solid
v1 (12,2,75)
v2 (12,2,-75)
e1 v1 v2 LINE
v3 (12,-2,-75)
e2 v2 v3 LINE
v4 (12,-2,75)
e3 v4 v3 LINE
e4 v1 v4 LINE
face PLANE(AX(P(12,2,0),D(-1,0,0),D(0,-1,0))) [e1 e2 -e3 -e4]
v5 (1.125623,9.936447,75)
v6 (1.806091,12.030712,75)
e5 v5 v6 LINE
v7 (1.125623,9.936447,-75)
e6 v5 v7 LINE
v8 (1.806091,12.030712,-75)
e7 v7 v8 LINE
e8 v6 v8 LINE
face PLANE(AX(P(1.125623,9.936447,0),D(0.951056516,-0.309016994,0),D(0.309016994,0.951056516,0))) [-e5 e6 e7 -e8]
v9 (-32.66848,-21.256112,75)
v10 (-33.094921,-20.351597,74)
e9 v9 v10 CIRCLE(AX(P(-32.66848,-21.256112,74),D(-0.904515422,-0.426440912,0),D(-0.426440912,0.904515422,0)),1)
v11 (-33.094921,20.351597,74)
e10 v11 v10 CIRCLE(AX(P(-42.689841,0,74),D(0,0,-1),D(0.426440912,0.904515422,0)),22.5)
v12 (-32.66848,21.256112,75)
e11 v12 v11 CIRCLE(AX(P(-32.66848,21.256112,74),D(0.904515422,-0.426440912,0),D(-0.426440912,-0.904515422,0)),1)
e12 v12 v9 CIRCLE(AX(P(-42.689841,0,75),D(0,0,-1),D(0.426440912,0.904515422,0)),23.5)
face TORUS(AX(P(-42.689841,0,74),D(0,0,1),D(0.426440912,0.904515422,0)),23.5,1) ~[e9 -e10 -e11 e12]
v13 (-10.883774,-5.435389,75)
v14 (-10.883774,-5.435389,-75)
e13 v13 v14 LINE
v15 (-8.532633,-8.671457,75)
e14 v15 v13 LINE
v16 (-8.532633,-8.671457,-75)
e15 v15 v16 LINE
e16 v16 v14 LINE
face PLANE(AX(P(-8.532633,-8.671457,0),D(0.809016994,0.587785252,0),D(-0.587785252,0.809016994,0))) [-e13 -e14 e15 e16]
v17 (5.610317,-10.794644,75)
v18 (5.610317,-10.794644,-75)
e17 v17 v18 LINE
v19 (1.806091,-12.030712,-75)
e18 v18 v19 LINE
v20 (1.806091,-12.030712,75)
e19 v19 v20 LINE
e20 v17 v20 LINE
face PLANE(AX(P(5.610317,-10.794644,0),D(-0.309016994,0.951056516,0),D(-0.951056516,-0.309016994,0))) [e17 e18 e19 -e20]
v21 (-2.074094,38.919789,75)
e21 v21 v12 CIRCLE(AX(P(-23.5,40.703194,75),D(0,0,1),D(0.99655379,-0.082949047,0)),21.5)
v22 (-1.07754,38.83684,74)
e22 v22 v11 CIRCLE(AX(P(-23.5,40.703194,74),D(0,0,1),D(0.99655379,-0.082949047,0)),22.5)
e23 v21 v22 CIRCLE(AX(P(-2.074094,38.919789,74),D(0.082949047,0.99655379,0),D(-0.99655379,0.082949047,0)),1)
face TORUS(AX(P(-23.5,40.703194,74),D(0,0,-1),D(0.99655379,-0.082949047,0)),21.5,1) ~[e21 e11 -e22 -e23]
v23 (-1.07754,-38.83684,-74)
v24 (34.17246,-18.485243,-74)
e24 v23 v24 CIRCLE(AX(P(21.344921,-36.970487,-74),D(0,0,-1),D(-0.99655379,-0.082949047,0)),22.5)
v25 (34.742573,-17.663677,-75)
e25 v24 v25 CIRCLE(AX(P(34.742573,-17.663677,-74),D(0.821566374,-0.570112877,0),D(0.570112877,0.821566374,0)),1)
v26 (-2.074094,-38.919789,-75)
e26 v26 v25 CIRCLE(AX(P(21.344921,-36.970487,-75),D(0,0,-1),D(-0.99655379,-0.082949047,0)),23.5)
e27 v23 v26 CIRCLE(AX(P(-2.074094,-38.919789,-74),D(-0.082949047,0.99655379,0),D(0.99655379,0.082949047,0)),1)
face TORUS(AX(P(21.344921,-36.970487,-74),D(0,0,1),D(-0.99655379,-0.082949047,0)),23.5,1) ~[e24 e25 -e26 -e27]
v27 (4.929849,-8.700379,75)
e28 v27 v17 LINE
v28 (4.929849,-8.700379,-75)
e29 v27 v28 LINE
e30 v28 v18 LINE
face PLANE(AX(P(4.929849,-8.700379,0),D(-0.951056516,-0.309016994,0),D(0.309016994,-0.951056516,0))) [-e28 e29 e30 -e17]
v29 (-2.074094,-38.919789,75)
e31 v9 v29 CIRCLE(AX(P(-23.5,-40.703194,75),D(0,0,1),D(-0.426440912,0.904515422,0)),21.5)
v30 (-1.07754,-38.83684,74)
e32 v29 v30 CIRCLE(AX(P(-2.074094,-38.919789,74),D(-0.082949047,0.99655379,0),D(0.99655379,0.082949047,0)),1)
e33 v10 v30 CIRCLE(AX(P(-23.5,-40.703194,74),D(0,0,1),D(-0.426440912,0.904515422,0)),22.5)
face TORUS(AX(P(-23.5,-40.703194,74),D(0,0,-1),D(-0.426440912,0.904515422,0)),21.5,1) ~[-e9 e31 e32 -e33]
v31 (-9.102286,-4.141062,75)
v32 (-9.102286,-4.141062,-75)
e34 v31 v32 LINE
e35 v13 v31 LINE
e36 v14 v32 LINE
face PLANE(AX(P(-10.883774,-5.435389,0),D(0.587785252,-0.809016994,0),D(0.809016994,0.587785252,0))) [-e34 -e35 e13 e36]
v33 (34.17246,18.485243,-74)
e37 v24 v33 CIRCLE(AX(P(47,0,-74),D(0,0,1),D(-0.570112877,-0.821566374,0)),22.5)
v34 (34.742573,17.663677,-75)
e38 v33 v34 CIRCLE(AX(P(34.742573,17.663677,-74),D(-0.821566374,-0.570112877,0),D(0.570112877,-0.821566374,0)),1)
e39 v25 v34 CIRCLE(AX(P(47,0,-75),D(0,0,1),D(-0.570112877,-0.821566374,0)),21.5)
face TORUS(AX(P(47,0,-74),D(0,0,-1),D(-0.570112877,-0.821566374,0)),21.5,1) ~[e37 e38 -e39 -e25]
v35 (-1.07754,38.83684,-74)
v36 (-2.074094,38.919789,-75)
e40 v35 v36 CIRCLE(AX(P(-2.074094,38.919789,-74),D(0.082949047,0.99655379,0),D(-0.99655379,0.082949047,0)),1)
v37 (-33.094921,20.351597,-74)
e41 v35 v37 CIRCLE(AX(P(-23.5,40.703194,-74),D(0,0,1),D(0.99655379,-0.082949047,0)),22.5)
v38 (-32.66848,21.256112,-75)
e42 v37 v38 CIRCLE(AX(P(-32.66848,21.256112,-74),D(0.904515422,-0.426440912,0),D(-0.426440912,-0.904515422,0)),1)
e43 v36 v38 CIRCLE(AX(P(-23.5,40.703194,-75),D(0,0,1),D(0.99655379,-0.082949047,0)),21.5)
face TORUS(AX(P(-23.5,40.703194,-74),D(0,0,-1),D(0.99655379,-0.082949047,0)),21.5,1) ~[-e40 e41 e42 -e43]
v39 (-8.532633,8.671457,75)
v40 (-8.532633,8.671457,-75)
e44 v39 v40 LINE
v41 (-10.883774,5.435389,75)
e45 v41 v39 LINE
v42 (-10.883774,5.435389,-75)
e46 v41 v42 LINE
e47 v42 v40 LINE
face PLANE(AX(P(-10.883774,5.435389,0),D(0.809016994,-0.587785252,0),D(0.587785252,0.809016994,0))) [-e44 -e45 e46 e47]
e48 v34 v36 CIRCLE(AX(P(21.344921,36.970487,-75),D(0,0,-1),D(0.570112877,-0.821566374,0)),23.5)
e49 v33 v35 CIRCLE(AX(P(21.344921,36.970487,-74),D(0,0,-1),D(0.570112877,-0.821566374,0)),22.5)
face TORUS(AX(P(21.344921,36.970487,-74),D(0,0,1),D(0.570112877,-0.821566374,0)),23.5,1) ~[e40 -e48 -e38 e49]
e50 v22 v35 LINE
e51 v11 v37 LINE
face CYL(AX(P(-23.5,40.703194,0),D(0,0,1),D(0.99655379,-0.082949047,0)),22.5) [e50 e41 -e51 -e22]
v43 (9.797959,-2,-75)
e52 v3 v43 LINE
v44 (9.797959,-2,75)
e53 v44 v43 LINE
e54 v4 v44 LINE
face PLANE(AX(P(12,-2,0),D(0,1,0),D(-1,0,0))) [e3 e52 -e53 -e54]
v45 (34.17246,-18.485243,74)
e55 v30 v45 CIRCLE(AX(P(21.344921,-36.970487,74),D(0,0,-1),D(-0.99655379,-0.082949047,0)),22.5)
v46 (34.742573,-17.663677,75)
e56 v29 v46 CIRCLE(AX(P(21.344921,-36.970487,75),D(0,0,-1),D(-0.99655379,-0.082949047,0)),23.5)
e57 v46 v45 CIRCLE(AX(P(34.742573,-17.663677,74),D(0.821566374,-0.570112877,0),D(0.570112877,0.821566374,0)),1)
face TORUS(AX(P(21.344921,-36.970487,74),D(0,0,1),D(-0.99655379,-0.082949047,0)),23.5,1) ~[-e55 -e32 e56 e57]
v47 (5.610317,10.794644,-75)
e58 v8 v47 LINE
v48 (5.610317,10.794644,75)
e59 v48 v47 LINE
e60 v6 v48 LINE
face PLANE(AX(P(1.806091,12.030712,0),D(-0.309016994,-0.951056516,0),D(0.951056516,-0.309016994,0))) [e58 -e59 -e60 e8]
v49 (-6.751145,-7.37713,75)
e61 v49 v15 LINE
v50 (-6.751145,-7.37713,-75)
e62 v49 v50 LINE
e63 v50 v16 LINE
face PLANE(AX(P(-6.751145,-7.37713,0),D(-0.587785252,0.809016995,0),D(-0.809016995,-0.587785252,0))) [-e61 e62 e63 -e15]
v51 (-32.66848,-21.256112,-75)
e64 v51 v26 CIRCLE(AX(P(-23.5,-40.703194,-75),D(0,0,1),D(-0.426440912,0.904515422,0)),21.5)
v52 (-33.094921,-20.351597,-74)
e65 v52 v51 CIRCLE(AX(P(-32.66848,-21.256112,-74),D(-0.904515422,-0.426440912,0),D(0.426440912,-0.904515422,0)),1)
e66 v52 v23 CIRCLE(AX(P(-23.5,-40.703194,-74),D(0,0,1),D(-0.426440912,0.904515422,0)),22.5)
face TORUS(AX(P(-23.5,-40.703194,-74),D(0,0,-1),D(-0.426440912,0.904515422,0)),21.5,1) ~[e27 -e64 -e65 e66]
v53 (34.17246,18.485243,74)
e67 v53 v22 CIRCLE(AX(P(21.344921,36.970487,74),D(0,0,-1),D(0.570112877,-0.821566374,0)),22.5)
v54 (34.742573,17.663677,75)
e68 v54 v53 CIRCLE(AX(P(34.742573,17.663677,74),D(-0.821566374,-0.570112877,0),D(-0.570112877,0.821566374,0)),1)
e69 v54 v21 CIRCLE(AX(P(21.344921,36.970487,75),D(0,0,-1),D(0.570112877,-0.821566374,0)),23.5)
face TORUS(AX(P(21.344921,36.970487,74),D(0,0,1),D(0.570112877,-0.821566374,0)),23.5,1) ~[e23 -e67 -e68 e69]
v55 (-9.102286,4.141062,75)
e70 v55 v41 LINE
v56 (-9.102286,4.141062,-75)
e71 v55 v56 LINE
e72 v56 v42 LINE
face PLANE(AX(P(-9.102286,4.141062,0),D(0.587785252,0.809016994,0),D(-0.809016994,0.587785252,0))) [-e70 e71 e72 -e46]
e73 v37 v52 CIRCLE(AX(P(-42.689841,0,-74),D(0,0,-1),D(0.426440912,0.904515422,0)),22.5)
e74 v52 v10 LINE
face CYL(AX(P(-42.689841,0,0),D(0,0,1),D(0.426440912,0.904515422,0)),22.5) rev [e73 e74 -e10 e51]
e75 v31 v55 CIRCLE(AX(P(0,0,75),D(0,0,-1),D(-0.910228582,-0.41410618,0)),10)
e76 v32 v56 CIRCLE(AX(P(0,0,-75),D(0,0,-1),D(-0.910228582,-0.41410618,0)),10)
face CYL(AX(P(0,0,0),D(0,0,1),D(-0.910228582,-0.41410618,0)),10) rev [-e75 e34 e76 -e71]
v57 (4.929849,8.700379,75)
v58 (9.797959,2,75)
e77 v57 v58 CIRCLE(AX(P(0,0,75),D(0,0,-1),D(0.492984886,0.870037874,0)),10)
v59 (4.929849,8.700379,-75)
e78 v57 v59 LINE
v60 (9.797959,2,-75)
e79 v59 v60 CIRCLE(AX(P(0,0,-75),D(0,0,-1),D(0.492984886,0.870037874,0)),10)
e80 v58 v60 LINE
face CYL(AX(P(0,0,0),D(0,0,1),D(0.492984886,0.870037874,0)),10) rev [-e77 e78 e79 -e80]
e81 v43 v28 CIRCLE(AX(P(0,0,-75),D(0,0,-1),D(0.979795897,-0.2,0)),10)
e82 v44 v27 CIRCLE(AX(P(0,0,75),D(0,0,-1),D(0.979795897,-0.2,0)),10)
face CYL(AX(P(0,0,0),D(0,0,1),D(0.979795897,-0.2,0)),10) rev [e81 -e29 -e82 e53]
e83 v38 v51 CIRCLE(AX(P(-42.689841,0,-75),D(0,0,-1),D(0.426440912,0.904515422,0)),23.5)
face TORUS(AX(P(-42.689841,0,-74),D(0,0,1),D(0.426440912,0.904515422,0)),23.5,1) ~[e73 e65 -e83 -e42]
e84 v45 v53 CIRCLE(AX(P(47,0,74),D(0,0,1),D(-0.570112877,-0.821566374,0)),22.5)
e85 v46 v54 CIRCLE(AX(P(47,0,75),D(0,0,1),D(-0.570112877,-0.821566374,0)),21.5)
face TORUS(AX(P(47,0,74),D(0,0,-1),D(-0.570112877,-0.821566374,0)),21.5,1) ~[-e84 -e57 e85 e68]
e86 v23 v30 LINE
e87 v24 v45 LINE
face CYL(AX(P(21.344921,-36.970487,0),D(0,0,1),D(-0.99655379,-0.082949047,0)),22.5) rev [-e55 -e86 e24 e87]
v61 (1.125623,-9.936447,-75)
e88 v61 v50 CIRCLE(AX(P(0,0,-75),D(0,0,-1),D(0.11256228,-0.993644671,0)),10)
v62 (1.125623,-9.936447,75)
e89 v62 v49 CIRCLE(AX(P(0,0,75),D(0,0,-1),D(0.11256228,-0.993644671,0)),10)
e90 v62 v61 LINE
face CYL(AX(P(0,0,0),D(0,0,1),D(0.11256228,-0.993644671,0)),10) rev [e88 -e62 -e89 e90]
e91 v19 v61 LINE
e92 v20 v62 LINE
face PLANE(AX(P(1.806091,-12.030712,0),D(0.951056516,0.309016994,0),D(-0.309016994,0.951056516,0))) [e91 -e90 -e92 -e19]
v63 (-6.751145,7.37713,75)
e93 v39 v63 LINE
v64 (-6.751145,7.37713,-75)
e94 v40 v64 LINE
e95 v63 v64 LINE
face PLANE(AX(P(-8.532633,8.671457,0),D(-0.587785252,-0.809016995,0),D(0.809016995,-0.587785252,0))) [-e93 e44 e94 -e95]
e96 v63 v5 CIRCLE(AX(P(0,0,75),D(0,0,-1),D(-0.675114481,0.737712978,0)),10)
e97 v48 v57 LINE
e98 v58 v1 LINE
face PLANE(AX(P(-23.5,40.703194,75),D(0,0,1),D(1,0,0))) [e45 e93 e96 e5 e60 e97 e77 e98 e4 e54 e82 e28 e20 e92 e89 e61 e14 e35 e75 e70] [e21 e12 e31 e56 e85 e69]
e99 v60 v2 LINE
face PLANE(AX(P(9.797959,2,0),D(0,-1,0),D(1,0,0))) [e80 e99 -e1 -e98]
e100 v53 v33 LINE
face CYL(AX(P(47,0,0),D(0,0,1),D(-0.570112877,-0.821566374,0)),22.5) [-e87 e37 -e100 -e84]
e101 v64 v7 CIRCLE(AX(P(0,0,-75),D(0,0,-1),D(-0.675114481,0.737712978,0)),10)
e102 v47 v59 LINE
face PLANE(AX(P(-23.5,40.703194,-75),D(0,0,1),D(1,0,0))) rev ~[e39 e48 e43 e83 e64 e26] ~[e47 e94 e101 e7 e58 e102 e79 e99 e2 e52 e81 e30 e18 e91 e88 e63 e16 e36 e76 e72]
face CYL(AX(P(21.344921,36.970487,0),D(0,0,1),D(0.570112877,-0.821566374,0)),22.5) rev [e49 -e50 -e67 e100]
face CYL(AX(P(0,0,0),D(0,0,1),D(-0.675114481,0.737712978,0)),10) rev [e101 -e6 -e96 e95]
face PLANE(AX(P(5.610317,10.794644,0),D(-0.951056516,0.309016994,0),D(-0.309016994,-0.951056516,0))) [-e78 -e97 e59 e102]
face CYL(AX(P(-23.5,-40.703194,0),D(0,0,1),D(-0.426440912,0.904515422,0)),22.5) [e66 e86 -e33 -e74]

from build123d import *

# Parameters (mm, degrees)
SKETCH1_R           = 22.5
BOSS_EXTRUDE1_DEPTH = 75
FILLET1_R           = 1


with BuildPart() as part:
    # Sketch1 → Boss-Extrude1 (new body, symmetric)
    with BuildSketch(Plane.XY):
        with Locations((-23.5, 40.703193978)):
            Circle(SKETCH1_R)
        with Locations((47, 0)):
            Circle(SKETCH1_R)
        with Locations((-23.5, -40.703193978)):
            Circle(SKETCH1_R)
        with BuildLine():
            ThreePointArc((34.172460266, -18.485243422), (24.5, 0), (34.172460266, 18.485243422))
            ThreePointArc((34.172460266, 18.485243422), (10.094920531, 17.484915258), (-1.077539734, 38.836840411))
            ThreePointArc((-1.077539734, 38.836840411), (-12.25, 21.217622393), (-33.094920531, 20.351596989))
            ThreePointArc((-33.094920531, 20.351596989), (-20.189841062, 0), (-33.094920531, -20.351596989))
            ThreePointArc((-33.094920531, -20.351596989), (-12.25, -21.217622393), (-1.077539734, -38.836840411))
            ThreePointArc((-1.077539734, -38.836840411), (10.094920531, -17.484915258), (34.172460266, -18.485243422))
        make_face()
        with BuildLine():
            Line((1.8060909, -12.030712184), (1.1256228, -9.936446715))
            ThreePointArc((1.1256228, -9.936446715), (-3.090169944, -9.510565163), (-6.751144813, -7.377129775))
            Line((-6.751144813, -7.377129775), (-8.532633428, -8.671457016))
            Line((-8.532633428, -8.671457016), (-10.883774437, -5.435389039))
            Line((-10.883774437, -5.435389039), (-9.102285822, -4.141061797))
            ThreePointArc((-9.102285822, -4.141061797), (-10, 0), (-9.102285822, 4.141061797))
            Line((-9.102285822, 4.141061797), (-10.883774437, 5.435389039))
            Line((-10.883774437, 5.435389039), (-8.532633428, 8.671457016))
            Line((-8.532633428, 8.671457016), (-6.751144813, 7.377129775))
            ThreePointArc((-6.751144813, 7.377129775), (-3.090169944, 9.510565163), (1.1256228, 9.936446715))
            Line((1.1256228, 9.936446715), (1.8060909, 12.030712184))
            Line((1.8060909, 12.030712184), (5.610316965, 10.794644207))
            Line((5.610316965, 10.794644207), (4.929848865, 8.700378737))
            ThreePointArc((4.929848865, 8.700378737), (8.090169944, 5.877852523), (9.797958971, 2))
            Line((9.797958971, 2), (12, 2))
            Line((12, 2), (12, -2))
            Line((12, -2), (9.797958971, -2))
            ThreePointArc((9.797958971, -2), (8.090169944, -5.877852523), (4.929848865, -8.700378737))
            Line((4.929848865, -8.700378737), (5.610316965, -10.794644207))
            Line((5.610316965, -10.794644207), (1.8060909, -12.030712184))
        make_face(mode=Mode.SUBTRACT)
    extrude(amount=BOSS_EXTRUDE1_DEPTH, both=True)

    # Fillet1
    fillet1_edges = [part.edges().sort_by_distance(p)[0] for p in [
        (-34.75, -60.188765563, 75),
        (10.094920531, -17.484915258, 75),
        (69.5, 0, 75),
        (10.094920531, 17.484915258, 75),
        (10.094920531, 17.484915258, -75),
        (69.5, 0, -75),
        (10.094920531, -17.484915258, -75),
        (-34.75, -60.188765563, -75),
        (-20.189841062, 0, -75),
        (-34.75, 60.188765563, -75),
        (-34.75, 60.188765563, 75),
        (-20.189841062, 0, 75),
    ]]
    fillet(fillet1_edges, radius=FILLET1_R)


solid = part.part
